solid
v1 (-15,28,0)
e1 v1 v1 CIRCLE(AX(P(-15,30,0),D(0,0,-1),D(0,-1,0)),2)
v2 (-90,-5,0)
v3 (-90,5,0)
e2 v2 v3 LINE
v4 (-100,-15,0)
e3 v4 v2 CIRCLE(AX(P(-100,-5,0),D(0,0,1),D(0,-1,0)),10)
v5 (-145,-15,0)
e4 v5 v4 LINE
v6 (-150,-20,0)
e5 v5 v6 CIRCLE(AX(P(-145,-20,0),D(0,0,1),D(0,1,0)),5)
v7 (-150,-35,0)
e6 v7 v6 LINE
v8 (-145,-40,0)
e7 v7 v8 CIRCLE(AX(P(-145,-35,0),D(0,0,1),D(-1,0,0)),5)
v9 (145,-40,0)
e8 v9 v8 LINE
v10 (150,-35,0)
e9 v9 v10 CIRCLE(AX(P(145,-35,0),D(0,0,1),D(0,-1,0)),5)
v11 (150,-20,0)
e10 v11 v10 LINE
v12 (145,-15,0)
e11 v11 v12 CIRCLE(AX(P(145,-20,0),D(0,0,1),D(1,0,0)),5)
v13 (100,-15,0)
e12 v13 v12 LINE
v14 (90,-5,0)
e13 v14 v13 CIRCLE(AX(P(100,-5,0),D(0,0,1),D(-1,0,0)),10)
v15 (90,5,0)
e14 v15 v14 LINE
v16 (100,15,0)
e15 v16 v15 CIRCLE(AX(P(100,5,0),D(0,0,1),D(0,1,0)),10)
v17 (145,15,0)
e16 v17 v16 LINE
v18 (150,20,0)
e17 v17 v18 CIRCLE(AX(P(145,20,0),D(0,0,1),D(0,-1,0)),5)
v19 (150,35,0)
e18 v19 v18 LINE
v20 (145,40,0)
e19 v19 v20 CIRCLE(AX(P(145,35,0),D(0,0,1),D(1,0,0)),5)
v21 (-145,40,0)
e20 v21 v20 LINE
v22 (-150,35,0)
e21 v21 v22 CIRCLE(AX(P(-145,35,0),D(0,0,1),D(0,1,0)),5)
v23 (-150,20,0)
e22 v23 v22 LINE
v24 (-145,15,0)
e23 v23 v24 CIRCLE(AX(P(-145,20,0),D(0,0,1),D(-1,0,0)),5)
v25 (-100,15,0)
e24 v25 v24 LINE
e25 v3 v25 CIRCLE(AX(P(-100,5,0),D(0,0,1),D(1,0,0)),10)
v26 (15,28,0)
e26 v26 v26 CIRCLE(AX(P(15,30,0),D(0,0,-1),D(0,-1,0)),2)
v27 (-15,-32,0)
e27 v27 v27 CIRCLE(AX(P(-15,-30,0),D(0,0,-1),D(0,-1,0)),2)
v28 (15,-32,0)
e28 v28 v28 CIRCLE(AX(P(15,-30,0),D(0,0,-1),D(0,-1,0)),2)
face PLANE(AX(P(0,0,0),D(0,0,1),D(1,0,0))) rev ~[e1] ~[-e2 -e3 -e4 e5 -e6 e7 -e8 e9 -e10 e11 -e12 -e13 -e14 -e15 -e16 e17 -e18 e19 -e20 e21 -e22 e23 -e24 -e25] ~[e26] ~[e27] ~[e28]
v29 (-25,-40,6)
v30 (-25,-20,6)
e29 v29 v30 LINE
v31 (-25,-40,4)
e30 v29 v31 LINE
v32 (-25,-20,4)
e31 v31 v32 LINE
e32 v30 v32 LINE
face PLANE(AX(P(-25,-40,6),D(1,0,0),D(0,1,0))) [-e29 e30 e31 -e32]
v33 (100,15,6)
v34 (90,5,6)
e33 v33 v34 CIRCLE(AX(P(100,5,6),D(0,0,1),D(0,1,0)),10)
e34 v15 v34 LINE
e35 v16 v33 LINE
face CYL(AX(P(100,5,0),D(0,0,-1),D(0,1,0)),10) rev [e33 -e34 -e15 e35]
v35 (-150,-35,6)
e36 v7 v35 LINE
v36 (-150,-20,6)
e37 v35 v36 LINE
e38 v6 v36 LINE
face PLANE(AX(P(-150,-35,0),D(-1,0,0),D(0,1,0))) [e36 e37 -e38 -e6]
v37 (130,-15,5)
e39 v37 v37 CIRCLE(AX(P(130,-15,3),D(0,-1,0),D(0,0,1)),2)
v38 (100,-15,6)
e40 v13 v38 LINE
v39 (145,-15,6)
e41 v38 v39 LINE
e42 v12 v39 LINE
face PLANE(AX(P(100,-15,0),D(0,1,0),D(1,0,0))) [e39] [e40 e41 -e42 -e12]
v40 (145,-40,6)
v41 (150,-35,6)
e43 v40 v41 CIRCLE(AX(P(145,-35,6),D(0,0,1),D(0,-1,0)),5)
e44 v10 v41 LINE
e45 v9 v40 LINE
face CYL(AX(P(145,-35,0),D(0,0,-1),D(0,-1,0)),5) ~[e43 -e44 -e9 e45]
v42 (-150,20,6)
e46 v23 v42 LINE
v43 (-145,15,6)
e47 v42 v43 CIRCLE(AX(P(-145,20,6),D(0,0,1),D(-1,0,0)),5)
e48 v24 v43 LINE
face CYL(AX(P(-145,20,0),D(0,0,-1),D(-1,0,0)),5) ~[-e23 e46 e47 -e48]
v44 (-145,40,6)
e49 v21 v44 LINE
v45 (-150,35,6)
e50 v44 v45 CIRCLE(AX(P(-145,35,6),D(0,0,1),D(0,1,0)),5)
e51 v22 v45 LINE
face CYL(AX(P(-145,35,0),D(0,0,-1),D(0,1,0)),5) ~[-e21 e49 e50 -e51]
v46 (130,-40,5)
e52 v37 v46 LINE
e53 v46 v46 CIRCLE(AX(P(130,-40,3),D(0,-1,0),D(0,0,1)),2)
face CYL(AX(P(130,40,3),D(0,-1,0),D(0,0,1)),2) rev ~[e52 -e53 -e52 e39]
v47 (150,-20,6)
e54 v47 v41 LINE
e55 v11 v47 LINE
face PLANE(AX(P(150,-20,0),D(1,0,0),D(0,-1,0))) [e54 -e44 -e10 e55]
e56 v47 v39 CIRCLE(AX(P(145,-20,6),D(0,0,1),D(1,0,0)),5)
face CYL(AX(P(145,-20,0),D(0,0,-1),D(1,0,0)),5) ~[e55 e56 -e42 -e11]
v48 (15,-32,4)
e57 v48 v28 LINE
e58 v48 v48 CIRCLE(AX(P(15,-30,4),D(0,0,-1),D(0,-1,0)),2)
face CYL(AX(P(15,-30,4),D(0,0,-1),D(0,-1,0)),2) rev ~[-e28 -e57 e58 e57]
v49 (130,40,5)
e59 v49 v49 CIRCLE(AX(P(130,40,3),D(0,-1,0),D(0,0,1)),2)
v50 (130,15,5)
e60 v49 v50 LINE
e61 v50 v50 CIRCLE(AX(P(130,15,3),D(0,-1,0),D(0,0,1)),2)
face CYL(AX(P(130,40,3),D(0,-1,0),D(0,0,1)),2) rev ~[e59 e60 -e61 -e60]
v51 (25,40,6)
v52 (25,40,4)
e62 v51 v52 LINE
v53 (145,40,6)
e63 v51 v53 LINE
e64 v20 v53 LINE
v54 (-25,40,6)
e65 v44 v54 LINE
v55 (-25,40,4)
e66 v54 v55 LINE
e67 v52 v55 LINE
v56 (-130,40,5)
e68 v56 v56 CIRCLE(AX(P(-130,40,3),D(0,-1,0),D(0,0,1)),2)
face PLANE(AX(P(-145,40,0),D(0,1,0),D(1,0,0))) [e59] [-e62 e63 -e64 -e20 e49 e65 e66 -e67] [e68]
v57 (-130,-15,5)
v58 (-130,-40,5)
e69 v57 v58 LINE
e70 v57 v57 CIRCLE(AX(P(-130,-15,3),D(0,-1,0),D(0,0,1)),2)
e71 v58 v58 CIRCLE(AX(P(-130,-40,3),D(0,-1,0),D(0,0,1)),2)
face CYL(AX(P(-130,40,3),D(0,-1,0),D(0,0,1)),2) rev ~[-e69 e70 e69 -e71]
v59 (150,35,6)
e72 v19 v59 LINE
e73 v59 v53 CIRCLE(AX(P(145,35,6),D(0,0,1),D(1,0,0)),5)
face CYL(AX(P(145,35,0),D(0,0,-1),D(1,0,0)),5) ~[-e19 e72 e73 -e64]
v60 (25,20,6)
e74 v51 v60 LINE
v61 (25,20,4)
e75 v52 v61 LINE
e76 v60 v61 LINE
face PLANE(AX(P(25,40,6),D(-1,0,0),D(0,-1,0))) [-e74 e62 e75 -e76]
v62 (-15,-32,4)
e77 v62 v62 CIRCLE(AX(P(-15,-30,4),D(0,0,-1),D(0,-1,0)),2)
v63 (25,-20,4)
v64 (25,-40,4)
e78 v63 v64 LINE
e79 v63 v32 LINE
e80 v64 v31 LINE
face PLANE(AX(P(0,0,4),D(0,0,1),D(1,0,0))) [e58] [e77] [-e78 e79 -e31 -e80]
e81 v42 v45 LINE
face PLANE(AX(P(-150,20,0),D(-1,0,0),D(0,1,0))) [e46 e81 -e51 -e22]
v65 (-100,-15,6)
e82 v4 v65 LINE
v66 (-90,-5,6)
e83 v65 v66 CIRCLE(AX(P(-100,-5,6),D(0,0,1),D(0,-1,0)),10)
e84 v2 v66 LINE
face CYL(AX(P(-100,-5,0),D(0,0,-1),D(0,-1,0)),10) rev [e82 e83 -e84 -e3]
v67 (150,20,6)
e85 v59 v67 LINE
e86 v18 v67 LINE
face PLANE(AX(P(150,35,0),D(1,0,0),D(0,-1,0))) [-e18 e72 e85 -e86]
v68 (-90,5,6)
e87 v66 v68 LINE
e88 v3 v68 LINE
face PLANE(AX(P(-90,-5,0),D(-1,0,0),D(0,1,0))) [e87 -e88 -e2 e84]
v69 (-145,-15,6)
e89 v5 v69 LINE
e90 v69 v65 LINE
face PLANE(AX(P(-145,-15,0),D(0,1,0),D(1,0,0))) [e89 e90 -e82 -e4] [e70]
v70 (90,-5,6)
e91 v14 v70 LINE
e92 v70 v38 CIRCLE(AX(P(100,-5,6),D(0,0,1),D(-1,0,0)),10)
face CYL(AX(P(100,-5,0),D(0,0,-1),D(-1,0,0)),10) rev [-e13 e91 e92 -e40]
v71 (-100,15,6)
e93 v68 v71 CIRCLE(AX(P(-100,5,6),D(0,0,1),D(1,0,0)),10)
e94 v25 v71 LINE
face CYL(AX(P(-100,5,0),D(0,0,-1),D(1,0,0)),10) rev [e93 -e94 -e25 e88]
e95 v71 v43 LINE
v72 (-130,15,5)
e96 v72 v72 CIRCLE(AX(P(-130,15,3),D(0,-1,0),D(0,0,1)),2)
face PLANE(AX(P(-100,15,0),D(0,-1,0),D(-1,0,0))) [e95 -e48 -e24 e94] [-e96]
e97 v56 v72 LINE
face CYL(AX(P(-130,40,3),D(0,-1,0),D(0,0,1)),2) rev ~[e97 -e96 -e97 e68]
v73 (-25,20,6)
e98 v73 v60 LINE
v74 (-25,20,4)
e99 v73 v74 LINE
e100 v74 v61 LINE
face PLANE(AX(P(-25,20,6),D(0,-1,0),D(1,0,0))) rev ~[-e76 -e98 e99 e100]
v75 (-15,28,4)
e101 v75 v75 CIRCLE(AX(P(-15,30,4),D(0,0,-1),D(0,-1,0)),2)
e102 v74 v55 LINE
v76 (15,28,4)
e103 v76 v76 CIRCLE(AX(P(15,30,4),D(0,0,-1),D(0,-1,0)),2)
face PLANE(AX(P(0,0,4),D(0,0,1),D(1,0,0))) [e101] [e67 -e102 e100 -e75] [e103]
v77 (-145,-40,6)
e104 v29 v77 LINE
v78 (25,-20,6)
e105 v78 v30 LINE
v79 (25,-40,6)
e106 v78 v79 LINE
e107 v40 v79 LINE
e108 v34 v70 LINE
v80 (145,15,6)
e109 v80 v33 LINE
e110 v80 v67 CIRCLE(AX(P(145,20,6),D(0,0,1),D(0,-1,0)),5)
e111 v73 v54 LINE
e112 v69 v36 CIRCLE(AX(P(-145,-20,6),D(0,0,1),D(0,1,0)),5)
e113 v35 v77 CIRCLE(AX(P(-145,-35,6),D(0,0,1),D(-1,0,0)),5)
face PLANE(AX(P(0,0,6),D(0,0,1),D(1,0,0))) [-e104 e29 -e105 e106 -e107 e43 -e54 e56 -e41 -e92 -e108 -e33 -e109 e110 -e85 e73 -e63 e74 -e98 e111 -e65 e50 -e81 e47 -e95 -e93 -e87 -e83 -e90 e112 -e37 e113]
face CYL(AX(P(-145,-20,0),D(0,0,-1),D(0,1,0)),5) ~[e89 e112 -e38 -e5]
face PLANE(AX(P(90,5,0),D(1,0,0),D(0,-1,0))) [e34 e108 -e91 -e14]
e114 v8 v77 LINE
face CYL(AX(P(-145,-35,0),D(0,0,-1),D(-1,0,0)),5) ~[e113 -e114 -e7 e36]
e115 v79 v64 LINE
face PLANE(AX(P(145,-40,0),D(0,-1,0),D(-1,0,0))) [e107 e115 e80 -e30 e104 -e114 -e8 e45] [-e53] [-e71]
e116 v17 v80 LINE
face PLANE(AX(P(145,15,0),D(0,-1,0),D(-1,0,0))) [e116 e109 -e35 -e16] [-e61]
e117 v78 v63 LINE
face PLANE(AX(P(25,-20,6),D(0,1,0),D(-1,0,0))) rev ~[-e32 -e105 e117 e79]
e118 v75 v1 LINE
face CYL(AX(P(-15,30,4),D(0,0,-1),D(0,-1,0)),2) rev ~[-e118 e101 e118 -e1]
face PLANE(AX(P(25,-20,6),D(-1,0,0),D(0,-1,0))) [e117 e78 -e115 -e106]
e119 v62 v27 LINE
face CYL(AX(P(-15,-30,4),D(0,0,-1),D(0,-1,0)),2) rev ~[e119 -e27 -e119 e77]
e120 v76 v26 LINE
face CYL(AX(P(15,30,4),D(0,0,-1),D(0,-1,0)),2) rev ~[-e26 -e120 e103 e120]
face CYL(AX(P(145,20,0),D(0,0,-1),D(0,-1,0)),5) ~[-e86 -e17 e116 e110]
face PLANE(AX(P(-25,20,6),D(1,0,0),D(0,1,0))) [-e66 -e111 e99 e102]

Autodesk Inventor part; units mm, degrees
ref_plane "YZ Plane" through (0, 0, 0) normal (1, 0, 0) x (0, 1, 0)
ref_plane "XZ Plane" through (0, 0, 0) normal (0, 1, 0) x (-1, 0, 0)
ref_plane "XY Plane" through (0, 0, 0) normal (0, 0, 1) x (1, 0, 0)
sketch "Esboço1" plane through (0, 0, 0) normal (0, 0, 1) x (1, 0, 0)
  line L0 (145, -40) -> (-145, -40)
  line L1 (-145, 40) -> (145, 40)
  line L2 (150, -40) -> (-150, 40) construction
  line L3 (-150, -40) -> (150, 40) construction
  line L4 (-145, -15) -> (-100, -15)
  line L5 (-90, -5) -> (-90, 5)
  line L6 (-100, 15) -> (-145, 15)
  line L7 (145, 15) -> (100, 15)
  line L8 (90, 5) -> (90, -5)
  line L9 (100, -15) -> (145, -15)
  line L10 (150, 35) -> (150, 20)
  line L11 (150, -20) -> (150, -35)
  line L12 (-150, -35) -> (-150, -20)
  line L13 (-150, 20) -> (-150, 35)
  arc A0 (100, 15) -> (90, 5) centre (100, 5) ccw
  arc A1 (90, -5) -> (100, -15) centre (100, -5) ccw
  arc A2 (-100, -15) -> (-90, -5) centre (-100, -5) ccw
  arc A3 (-90, 5) -> (-100, 15) centre (-100, 5) ccw
  arc A4 (150, 35) -> (145, 40) centre (145, 35) ccw
  arc A5 (145, 15) -> (150, 20) centre (145, 20) ccw
  arc A6 (150, -20) -> (145, -15) centre (145, -20) ccw
  arc A7 (145, -40) -> (150, -35) centre (145, -35) ccw
  arc A8 (-145, -15) -> (-150, -20) centre (-145, -20) ccw
  arc A9 (-150, -35) -> (-145, -40) centre (-145, -35) ccw
  arc A10 (-145, 40) -> (-150, 35) centre (-145, 35) ccw
  arc A11 (-150, 20) -> (-145, 15) centre (-145, 20) ccw
  point P0 (0, 0)
  point P1 (-150, -15)
  point P2 (-150, 15)
  point P3 (150, 15)
  dimension "d5" = 300
  dimension "d6" = 80
  dimension "d11" = 10
  dimension "d12" = 5
  dimension "d46" = 30
  dimension "d47" = 30
  dimension "d49" = 150
  dimension "d50" = 150
  dimension "d51" = 60
  dimension "d52" = 60
  dimension "d54" = 15
extrude "Extrusão1" add sketch "Esboço1" along normal blind 6
sketch "Esboço2" plane through (0, 0, 6) normal (0, 0, 1) x (1, 0, 0)
  line L0 (145, 40) -> (-145, 40) projected
  line L1 (25, -40) -> (-25, -40)
  line L2 (-25, 40) -> (25, 40)
  line L3 (25, -40) -> (-25, 40) construction
  line L4 (-25, -40) -> (25, 40) construction
  line L5 (-25, 20) -> (25, 20)
  line L6 (25, -20) -> (-25, -20)
  line L7 (-25, -40) -> (-25, -20)
  line L8 (-25, 20) -> (-25, 40)
  line L9 (25, 40) -> (25, 20)
  line L10 (25, -20) -> (25, -40)
  line L11 (-145, -40) -> (145, -40) projected
  point P0 (0, 0)
  dimension "d15" = 50
  dimension "d16" = 20
  dimension "d17" = 20
  dimension "d18" = 40
  dimension "d19" = 25
  dimension "d20" = 80
extrude "Extrusão2" cut sketch "Esboço2" against normal blind 2
sketch "Esboço3" plane through (0, 0, 4) normal (0, 0, 1) x (1, 0, 0)
  line L0 (25, 20) -> (-25, 20) projected
  line L1 (145, 40) -> (25, 40) projected
  line L2 (32.6697, 0) -> (-36.0886, 0) construction
  point P0 (0, 0)
  point P1 (15, 30)
  point P2 (-15, 30)
  point P3 (15, -30)
  point P4 (-15, -30)
  dimension "d23" = 10
  dimension "d24" = 20
  dimension "d25" = 15
  dimension "d26" = 30
  dimension "d27" = 10
hole "Furo1" at (15, 30, 4) at (-15, 30, 4) at (15, -30, 4) at (-15, -30, 4) direction (0, 0, -1) diameter 4 end through all
sketch "Esboço4" plane through (-145, 40, 0) normal (0, 1, 0) x (1, 0, 0)
  line L0 (290, -6) -> (170, -6) projected
  line L1 (290, 0) -> (0, 0) projected
  line L2 (295, 0) -> (295, -6) projected
  line L3 (145, -28.4495) -> (145, 21.5505) construction
  point P0 (145, 0)
  point P1 (275, -3)
  point P2 (145, 0)
  point P3 (15, -3)
  dimension "d35" = 3
  dimension "d36" = 6
  dimension "d37" = 20
  dimension "d38" = 50
hole "Furo2" at (130, 40, 3) at (-130, 40, 3) direction (0, -1, 0) diameter 4 end through all
equation "\"d47\" = d46"
equation "\"d49\" = 0.5 * d5"
equation "\"d50\" = d49"
equation "\"d52\" = d51"
equation "\"d54\" = 0.5 * d46"
equation "\"d18\" = -d17 + d20 - d16"
equation "\"d19\" = 0.5 * d15"
equation "\"d23\" = 0.5 * d24"
equation "\"d26\" = 2 * d25"
equation "\"d27\" = d23"
equation "\"d35\" = 0.5 * d36"
properties part number "Chassis" material "Plástico PC/ABS"
